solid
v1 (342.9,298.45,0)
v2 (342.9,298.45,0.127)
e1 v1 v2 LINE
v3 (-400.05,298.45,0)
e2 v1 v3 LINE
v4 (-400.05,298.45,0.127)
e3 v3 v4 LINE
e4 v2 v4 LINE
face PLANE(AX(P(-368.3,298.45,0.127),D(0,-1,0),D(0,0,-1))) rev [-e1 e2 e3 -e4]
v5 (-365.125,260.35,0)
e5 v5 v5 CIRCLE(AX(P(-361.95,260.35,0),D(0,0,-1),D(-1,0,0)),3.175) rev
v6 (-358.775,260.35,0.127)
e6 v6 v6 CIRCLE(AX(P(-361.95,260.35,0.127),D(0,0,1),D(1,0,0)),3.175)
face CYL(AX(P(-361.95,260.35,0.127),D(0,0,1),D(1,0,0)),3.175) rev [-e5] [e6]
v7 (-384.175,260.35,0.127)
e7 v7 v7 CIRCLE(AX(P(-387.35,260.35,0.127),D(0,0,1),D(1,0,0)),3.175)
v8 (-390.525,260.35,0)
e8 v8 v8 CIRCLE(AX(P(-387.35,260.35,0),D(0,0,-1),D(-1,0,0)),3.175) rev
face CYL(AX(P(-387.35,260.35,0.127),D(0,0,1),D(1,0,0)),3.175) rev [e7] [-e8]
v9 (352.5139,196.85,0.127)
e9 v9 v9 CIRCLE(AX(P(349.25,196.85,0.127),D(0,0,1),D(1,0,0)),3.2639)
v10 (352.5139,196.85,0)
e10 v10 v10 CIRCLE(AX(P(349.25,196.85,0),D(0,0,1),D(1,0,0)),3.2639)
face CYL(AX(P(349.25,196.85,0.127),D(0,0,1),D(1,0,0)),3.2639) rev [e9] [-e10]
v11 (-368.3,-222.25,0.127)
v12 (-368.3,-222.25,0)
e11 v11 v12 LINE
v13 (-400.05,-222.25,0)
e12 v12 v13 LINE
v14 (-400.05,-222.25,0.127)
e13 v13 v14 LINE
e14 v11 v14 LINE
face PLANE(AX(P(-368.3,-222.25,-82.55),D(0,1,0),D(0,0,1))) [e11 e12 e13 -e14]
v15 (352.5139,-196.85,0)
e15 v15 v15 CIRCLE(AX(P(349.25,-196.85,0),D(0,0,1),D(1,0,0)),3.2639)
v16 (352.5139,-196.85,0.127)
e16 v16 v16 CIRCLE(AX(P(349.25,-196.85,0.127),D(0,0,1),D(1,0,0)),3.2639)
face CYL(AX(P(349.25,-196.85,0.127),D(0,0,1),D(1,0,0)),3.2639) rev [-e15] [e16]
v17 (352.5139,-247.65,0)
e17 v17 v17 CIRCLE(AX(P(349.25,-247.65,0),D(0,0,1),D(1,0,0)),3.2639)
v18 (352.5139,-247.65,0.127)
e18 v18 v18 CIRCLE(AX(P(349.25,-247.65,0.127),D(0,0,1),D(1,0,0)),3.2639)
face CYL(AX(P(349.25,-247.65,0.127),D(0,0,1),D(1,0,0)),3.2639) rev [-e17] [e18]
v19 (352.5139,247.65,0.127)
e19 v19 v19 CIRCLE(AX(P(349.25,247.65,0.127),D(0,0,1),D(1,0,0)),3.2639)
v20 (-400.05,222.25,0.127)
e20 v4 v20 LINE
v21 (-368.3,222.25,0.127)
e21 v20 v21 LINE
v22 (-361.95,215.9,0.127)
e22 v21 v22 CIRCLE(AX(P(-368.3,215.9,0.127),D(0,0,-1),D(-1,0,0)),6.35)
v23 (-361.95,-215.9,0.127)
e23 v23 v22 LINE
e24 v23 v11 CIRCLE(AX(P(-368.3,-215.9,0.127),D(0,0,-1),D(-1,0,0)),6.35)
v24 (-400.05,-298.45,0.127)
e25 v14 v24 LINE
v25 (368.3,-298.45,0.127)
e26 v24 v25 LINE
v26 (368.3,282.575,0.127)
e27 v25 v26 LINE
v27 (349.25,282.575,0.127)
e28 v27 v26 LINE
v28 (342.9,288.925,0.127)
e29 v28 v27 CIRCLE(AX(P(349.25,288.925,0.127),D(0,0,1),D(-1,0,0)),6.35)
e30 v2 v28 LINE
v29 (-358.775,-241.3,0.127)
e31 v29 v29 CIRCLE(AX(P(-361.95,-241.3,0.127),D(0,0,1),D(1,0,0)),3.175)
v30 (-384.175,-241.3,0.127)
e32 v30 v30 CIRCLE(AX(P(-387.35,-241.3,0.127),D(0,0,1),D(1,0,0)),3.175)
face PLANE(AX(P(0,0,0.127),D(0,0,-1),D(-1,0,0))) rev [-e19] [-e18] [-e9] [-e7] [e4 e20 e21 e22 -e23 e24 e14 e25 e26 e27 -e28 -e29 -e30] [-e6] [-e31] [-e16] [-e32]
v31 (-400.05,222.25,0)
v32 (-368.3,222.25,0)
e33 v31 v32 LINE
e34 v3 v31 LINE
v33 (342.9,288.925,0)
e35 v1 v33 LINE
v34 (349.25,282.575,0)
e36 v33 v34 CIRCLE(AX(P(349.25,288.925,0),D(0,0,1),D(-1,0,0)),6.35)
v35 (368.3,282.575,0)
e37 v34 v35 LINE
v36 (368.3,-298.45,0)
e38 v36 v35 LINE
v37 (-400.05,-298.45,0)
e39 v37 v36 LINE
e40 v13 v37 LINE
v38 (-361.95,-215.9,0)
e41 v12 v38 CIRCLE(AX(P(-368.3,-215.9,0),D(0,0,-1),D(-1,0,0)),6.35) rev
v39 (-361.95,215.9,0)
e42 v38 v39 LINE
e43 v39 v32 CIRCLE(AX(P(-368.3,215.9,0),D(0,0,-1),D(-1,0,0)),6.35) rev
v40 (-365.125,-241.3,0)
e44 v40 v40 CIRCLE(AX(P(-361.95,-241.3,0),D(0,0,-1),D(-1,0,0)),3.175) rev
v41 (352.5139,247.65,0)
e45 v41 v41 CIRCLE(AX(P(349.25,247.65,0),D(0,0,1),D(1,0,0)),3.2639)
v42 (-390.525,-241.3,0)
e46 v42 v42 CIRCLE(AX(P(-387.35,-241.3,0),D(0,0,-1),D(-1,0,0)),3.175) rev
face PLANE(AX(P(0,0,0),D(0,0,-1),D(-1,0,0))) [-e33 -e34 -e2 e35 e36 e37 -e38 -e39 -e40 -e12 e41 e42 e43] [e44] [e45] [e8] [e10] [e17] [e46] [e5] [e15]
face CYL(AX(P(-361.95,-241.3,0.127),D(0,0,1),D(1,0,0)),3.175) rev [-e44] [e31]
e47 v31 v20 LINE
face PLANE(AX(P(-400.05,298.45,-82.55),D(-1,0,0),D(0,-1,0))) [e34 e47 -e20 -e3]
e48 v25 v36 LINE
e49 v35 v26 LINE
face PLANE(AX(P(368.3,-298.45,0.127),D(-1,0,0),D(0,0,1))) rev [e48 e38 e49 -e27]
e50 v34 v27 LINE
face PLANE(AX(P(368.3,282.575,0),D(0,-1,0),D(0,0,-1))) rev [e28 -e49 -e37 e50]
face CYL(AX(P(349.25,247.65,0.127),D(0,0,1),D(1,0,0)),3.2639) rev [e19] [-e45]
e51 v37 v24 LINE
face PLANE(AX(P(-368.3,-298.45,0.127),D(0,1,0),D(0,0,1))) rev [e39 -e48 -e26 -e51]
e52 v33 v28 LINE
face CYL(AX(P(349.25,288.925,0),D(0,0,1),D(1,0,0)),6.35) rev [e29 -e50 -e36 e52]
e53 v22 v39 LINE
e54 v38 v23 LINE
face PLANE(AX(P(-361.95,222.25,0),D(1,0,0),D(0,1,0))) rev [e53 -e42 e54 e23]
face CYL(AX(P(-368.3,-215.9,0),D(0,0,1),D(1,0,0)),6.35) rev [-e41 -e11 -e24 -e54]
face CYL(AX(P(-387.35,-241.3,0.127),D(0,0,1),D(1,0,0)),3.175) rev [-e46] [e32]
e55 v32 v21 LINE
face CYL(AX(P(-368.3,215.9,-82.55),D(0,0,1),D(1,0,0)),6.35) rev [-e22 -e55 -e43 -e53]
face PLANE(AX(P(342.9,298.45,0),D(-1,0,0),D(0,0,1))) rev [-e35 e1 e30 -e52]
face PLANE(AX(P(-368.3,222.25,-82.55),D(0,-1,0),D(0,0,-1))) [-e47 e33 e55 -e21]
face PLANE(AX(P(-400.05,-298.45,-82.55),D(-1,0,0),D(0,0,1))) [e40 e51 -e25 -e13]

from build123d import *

# Parameters (mm, degrees)
SKETCH1_W                   = 736.6
SKETCH1_H                   = 596.9
BOSS_EXTRUDE1_DEPTH         = 0.127
SKETCH5_W                   = 31.75
SKETCH5_H                   = 76.2
BOSS_EXTRUDE2_DEPTH         = 0.127
SKETCH6_W                   = 6.35
SKETCH6_H                   = 444.5
CUT_EXTRUDE1_DEPTH          = 1.127
FILLET1_R                   = 6.35
F_0_257_DIAMETER_HOLE1_D    = 6.5278
F_1_4_0_25_DIAMETER_HOLE2_D = 6.35
CUT_EXTRUDE2_DEPTH          = 1.127


with BuildPart() as part:
    # Sketch1 → Boss-Extrude1 (new body)
    with BuildSketch(Plane.XY):
        Rectangle(SKETCH1_W, SKETCH1_H)
    extrude(amount=BOSS_EXTRUDE1_DEPTH)

    # Sketch5 → Boss-Extrude2 (add)
    with BuildSketch(Plane.XY.offset(0.127)):
        with Locations((-384.175, 260.35)):
            Rectangle(SKETCH5_W, SKETCH5_H)
        with Locations((-384.175, -260.35)):
            Rectangle(SKETCH5_W, SKETCH5_H)
    extrude(amount=-BOSS_EXTRUDE2_DEPTH)

    # Sketch6 → Cut-Extrude1 (cut, through all)
    with BuildSketch(Plane.XY.offset(0.127)):
        with Locations((-365.125, 0)):
            Rectangle(SKETCH6_W, SKETCH6_H)
    extrude(amount=-CUT_EXTRUDE1_DEPTH, mode=Mode.SUBTRACT)

    # Fillet1
    fillet1_edges = [part.edges().sort_by_distance(p)[0] for p in [
        (-361.95, 222.25, 0.0635),
        (-361.95, -222.25, 0.0635),
    ]]
    fillet(fillet1_edges, radius=FILLET1_R)

    # F (0.257) Diameter Hole1 (through all)
    with Locations(Plane.XY.offset(0.127)):
        with Locations((349.25, 247.65), (349.25, 196.85), (349.25, -196.85), (349.25, -247.65)):
            Hole(F_0_257_DIAMETER_HOLE1_D / 2)

    # 1/4 (0.25) Diameter Hole2 (through all)
    with Locations(Plane.XY.offset(0.127)):
        with Locations((-387.35, 260.35), (-361.95, 260.35), (-361.95, -241.3), (-387.35, -241.3)):
            Hole(F_1_4_0_25_DIAMETER_HOLE2_D / 2)

    # Sketch13 → Cut-Extrude2 (cut, through all)
    with BuildSketch(Plane.XY.offset(0.127)):
        with BuildLine():
            Line((368.3, 298.45), (342.9, 298.45))
            Line((342.9, 298.45), (342.9, 288.925))
            ThreePointArc((342.9, 288.925), (344.759871939, 284.434871939), (349.25, 282.575))
            Line((349.25, 282.575), (368.3, 282.575))
            Line((368.3, 282.575), (368.3, 298.45))
        make_face()
    extrude(amount=-CUT_EXTRUDE2_DEPTH, mode=Mode.SUBTRACT)


solid = part.part
